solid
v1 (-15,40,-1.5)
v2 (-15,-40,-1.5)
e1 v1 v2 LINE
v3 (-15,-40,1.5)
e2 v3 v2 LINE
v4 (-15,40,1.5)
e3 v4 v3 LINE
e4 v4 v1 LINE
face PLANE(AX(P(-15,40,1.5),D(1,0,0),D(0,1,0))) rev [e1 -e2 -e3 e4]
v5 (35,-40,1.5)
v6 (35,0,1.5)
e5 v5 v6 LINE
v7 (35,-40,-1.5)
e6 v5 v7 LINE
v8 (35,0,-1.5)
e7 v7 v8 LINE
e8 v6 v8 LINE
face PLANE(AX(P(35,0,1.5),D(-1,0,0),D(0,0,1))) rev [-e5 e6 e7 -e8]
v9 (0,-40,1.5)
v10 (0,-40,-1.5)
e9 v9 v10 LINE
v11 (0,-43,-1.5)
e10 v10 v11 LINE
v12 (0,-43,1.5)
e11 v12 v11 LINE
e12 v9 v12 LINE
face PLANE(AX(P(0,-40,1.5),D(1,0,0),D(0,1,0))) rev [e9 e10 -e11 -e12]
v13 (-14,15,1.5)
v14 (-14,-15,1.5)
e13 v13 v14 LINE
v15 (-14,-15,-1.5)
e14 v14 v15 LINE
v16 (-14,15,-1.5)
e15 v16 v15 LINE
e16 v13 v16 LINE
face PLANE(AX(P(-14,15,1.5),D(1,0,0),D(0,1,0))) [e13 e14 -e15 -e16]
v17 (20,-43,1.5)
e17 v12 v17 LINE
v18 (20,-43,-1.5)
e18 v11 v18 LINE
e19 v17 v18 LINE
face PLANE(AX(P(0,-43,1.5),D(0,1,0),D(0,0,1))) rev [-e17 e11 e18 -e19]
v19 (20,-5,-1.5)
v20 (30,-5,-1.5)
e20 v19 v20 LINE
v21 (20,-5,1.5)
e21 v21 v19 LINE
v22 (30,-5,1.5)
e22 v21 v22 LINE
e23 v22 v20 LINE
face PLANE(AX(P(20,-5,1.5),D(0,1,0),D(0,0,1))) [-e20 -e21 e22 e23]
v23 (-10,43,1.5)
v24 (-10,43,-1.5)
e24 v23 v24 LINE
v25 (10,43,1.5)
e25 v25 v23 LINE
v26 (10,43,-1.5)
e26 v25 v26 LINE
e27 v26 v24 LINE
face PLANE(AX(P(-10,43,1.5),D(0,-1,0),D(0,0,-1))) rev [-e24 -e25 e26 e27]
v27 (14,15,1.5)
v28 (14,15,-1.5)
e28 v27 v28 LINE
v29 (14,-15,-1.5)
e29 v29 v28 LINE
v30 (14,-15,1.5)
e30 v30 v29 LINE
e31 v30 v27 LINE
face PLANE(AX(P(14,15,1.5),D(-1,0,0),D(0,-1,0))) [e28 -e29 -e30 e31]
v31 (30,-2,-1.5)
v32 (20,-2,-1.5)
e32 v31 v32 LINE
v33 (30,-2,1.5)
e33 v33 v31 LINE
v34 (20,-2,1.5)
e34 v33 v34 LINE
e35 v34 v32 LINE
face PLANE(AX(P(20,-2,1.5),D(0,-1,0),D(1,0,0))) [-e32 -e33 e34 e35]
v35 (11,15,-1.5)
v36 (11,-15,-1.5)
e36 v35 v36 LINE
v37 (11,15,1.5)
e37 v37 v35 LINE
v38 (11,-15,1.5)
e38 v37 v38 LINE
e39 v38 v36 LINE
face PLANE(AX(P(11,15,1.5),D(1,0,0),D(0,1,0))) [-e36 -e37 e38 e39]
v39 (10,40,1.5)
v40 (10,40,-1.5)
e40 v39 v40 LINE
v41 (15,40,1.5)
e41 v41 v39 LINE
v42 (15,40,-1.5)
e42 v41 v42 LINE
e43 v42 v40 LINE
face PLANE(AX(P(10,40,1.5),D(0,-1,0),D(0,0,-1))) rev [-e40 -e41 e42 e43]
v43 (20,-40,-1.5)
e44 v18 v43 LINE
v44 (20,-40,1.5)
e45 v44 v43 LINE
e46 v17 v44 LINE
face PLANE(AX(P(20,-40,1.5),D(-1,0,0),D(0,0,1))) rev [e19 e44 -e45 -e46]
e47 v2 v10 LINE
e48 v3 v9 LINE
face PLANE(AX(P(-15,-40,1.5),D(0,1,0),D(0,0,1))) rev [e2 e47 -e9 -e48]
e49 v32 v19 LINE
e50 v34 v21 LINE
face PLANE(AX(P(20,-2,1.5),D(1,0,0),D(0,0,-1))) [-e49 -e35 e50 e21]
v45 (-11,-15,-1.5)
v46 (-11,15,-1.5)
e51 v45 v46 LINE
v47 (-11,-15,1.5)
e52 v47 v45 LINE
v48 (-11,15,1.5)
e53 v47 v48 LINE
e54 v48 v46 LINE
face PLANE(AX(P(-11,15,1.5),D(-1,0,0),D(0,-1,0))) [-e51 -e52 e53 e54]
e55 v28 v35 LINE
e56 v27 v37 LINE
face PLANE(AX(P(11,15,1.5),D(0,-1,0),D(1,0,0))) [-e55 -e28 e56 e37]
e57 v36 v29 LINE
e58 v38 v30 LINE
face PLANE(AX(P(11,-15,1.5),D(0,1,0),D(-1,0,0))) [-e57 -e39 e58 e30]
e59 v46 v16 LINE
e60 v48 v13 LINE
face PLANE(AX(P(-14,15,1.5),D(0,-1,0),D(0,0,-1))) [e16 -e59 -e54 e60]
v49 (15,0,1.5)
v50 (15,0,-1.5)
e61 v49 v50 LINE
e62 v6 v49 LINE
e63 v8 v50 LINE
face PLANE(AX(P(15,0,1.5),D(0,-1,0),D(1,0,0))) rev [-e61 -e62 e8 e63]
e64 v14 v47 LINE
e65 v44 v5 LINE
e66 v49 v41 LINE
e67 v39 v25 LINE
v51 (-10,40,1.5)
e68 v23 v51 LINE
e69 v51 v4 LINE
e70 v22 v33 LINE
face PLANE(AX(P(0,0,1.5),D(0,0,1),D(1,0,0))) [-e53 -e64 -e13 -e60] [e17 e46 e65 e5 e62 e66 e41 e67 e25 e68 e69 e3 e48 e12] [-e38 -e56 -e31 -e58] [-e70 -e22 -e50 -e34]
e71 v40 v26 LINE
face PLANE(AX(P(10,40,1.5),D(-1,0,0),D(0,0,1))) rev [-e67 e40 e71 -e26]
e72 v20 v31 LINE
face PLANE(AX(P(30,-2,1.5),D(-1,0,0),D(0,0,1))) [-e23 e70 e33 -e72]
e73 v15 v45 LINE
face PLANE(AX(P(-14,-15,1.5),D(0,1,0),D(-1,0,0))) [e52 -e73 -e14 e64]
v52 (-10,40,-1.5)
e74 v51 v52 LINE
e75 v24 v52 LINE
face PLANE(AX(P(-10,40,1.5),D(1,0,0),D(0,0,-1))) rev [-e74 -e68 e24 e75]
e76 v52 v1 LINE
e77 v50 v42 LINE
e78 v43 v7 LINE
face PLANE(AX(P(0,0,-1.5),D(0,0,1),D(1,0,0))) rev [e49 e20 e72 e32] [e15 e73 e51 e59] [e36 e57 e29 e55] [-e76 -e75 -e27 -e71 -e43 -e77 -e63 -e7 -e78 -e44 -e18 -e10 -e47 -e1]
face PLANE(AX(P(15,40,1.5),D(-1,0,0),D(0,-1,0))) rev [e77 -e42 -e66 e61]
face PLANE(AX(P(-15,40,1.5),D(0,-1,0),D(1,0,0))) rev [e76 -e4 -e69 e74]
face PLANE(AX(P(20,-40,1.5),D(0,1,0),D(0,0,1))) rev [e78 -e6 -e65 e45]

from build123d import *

# Parameters (mm, degrees)
SKETCH1_W           = 3
SKETCH1_H           = 30
SKETCH1_W_2         = 10
SKETCH1_H_2         = 3
BOSS_EXTRUDE2_DEPTH = 1.5


with BuildPart() as part:
    # Sketch1 → Boss-Extrude2 (new body, symmetric)
    with BuildSketch(Plane.XY):
        Polygon((10, 40), (15, 40), (15, 0), (35, 0), (35, -40), (20, -40), (20, -43), (0, -43), (0, -40), (-15, -40), (-15, 40), (-10, 40), (-10, 43), (10, 43), align=None)
        with Locations((-12.5, 0)):
            Rectangle(SKETCH1_W, SKETCH1_H, mode=Mode.SUBTRACT)
        with Locations((12.5, 0)):
            Rectangle(SKETCH1_W, SKETCH1_H, mode=Mode.SUBTRACT)
        with Locations((25, -3.5)):
            Rectangle(SKETCH1_W_2, SKETCH1_H_2, mode=Mode.SUBTRACT)
    extrude(amount=BOSS_EXTRUDE2_DEPTH, both=True)


solid = part.part
